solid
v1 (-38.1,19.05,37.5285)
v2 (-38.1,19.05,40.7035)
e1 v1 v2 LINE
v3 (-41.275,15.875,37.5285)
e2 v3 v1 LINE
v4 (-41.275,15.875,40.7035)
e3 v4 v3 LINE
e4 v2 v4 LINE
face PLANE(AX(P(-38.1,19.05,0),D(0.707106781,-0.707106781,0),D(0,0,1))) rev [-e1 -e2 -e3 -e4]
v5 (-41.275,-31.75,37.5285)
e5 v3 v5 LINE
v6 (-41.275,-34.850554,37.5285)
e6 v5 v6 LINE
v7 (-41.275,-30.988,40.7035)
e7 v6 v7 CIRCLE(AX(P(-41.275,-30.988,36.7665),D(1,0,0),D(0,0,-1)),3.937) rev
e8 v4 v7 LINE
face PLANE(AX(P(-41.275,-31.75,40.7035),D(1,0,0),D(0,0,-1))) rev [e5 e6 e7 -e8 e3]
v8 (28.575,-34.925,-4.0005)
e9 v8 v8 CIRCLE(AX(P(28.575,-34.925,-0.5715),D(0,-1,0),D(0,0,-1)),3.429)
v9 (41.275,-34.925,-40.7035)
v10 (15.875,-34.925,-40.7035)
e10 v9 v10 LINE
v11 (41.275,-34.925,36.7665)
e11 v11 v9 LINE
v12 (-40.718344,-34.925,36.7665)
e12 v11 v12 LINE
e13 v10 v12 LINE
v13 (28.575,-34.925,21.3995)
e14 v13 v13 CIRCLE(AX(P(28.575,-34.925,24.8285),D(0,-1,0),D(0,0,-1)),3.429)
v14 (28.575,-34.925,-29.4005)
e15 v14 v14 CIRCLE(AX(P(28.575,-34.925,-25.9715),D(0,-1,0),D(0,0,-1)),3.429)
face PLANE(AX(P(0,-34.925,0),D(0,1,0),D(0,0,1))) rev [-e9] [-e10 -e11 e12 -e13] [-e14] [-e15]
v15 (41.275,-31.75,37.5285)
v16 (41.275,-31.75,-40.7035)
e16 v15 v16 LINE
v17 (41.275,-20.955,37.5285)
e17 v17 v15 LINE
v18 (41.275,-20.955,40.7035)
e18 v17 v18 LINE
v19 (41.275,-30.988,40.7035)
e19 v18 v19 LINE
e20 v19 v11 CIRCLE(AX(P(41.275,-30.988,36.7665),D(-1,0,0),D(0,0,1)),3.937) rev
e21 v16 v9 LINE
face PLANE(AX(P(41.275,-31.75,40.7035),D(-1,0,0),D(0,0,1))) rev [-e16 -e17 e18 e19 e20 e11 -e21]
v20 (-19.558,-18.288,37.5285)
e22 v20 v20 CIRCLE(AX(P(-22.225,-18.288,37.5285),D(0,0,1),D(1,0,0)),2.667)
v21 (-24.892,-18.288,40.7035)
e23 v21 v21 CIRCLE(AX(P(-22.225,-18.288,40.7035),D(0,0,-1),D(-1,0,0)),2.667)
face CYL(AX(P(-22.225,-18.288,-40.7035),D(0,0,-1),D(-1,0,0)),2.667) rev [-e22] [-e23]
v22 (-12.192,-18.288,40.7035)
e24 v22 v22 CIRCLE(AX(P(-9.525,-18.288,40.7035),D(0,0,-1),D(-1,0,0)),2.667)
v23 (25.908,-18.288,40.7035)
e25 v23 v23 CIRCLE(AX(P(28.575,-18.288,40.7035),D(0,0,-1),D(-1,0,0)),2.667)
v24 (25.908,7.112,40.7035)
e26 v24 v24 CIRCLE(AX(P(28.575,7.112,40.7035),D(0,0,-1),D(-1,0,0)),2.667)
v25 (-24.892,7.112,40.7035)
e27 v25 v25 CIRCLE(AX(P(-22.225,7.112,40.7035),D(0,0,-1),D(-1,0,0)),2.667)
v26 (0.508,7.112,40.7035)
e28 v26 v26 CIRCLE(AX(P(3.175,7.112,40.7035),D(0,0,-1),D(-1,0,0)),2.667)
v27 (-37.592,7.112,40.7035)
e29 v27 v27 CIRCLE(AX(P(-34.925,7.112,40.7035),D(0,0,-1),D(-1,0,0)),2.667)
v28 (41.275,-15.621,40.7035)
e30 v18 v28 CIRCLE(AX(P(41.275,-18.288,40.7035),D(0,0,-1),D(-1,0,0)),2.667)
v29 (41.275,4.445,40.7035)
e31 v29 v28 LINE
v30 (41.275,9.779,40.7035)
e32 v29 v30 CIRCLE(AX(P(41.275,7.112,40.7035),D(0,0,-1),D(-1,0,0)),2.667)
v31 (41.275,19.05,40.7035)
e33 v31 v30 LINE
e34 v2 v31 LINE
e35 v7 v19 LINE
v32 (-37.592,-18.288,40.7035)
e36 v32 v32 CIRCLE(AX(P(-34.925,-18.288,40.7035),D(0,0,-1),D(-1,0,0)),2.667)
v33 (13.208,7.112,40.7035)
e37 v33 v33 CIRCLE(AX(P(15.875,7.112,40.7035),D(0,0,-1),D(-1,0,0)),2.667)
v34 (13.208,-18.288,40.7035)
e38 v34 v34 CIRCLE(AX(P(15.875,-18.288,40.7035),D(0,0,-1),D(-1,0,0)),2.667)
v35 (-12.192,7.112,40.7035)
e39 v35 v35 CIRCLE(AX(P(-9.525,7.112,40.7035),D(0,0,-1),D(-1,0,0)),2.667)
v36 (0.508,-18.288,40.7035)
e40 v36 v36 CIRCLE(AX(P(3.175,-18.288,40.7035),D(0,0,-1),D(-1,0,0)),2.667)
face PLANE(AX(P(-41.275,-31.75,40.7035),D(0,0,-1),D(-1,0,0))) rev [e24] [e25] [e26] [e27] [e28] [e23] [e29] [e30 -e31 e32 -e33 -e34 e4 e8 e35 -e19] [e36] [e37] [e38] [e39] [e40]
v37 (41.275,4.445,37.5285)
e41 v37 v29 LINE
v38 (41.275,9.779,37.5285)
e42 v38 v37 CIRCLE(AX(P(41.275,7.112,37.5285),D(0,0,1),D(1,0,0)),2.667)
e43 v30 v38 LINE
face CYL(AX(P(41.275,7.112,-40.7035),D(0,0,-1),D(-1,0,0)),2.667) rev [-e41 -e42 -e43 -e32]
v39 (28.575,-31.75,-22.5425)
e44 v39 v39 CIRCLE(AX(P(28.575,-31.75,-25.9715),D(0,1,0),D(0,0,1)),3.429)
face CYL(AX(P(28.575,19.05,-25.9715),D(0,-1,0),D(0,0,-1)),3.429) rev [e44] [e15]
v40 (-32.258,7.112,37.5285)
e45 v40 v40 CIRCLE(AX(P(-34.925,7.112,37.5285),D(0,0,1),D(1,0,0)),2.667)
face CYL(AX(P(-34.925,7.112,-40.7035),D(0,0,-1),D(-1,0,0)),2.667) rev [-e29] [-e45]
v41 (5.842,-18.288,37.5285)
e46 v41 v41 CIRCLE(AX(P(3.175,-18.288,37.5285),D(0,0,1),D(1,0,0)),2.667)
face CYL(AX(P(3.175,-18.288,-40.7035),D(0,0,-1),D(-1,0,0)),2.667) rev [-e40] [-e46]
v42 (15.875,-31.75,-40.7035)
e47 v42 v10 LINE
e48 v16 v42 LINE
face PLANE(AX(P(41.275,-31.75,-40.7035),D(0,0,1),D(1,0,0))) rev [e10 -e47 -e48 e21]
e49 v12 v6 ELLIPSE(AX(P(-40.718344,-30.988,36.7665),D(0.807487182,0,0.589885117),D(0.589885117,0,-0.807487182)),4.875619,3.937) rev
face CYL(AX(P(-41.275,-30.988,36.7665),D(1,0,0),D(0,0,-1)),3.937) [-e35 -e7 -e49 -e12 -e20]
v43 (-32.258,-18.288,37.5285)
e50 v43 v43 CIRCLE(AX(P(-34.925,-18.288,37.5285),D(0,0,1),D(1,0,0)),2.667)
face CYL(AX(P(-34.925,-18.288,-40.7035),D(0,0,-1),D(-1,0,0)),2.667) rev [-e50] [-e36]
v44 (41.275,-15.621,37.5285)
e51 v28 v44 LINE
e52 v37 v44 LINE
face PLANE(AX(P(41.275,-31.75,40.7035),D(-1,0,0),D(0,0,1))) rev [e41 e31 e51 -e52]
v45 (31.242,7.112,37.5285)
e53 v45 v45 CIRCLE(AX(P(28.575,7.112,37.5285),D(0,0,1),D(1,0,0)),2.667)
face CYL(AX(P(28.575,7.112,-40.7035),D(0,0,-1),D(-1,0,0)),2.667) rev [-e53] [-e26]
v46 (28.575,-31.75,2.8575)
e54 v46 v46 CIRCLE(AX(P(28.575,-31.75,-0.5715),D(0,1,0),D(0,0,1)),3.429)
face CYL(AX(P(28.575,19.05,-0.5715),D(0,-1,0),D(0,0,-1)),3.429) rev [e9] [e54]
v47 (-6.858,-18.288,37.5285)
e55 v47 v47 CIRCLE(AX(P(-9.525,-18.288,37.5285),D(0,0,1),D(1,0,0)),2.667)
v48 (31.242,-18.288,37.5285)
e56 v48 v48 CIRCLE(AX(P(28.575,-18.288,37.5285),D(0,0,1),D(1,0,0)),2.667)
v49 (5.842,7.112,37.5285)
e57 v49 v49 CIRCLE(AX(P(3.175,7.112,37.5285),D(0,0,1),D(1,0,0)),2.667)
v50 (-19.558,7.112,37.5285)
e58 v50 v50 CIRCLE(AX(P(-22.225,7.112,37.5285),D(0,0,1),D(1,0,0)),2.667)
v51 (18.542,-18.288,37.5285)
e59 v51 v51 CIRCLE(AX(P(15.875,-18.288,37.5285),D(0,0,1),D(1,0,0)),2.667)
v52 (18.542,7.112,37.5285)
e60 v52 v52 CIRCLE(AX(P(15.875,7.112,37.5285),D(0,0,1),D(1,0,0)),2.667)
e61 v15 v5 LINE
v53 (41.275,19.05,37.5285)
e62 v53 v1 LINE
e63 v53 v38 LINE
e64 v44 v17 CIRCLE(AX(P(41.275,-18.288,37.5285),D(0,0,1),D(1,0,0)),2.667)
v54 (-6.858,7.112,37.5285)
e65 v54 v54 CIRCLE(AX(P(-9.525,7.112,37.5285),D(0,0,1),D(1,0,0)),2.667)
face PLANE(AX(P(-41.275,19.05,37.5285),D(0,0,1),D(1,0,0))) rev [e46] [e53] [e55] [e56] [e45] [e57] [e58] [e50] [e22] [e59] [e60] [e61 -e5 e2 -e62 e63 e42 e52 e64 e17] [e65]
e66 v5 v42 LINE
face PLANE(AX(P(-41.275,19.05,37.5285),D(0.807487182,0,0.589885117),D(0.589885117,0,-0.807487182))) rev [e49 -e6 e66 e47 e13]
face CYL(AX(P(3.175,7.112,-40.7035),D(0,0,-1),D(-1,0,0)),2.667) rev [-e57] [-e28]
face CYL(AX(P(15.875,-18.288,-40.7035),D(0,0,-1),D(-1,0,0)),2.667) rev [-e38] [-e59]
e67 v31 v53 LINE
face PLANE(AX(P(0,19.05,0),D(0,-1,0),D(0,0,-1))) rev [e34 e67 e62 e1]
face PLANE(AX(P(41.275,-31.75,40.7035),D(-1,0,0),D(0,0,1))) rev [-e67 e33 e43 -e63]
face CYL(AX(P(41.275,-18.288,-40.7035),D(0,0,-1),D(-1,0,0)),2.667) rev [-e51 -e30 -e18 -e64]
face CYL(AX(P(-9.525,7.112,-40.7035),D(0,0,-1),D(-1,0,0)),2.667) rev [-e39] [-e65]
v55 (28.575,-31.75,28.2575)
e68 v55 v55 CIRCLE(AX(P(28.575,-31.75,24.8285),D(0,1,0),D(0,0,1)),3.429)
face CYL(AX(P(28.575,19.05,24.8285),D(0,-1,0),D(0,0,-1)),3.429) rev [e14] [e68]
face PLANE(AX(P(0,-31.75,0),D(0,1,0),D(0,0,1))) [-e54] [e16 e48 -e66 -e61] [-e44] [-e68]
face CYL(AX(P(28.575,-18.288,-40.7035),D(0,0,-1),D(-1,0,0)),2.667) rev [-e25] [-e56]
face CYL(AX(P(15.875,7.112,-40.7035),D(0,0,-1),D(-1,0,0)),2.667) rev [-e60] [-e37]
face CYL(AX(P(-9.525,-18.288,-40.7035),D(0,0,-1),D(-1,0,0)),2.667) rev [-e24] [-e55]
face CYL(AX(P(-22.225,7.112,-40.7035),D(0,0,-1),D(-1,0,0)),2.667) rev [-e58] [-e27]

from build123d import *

# Parameters (mm, degrees)
BOSS_EXTRUDE1_START    = -34.925
SKETCH1_W              = 82.55
SKETCH1_H              = 81.407
BOSS_EXTRUDE1_DEPTH    = 3.175
SKETCH3_W              = 82.55
SKETCH3_H              = 3.175
BOSS_EXTRUDE2_DEPTH    = 50.8
F_10_CLEARANCE_HOLE2_D = 5.334
CHAMFER1_SIZE          = 3.175
FILLET2_R              = 3.937
SKETCH9_R              = 3.429
CUT_EXTRUDE2_DEPTH     = 54.975


with BuildPart() as part:
    # Sketch1 → Boss-Extrude1 (new body)
    with BuildSketch(Plane(origin=(0, 0, 0), x_dir=(1, 0, 0), z_dir=(0, 1, 0)).offset(BOSS_EXTRUDE1_START)):
        Rectangle(SKETCH1_W, SKETCH1_H)
    extrude(amount=BOSS_EXTRUDE1_DEPTH)

    # Sketch3 → Boss-Extrude2 (add)
    with BuildSketch(Plane(origin=(0, -31.75, 0), x_dir=(1, 0, 0), z_dir=(0, 1, 0))):
        with Locations((0, -39.116)):
            Rectangle(SKETCH3_W, SKETCH3_H)
    extrude(amount=BOSS_EXTRUDE2_DEPTH)

    # #10 Clearance Hole2 (through all)
    with Locations(Plane(origin=(0, 0, -40.7035), x_dir=(-1, 0, 0), z_dir=(0, 0, -1))):
        with Locations((22.225, 7.112), (9.525, 7.112), (-3.175, 7.112), (-15.875, 7.112), (-28.575, 7.112), (22.225, -18.288), (9.525, -18.288), (-3.175, -18.288), (-15.875, -18.288), (-28.575, -18.288), (34.925, 7.112), (34.925, -18.288), (-41.275, 7.112), (-41.275, -18.288)):
            Hole(F_10_CLEARANCE_HOLE2_D / 2)

    # Chamfer1
    chamfer1_edges = [part.edges().sort_by_distance(p)[0] for p in [
        (-41.275, 19.05, 39.116),
    ]]
    chamfer(chamfer1_edges, length=CHAMFER1_SIZE)

    # Fillet2
    fillet2_edges = [part.edges().sort_by_distance(p)[0] for p in [
        (0, -34.925, 40.7035),
    ]]
    fillet(fillet2_edges, radius=FILLET2_R)

    # Sketch9 → Cut-Extrude2 (cut, through all)
    with BuildSketch(Plane.XZ.offset(34.925)):
        with Locations((28.575, 24.8285)):
            Circle(SKETCH9_R)
        with Locations((28.575, -0.5715)):
            Circle(SKETCH9_R)
        with Locations((28.575, -25.9715)):
            Circle(SKETCH9_R)
        Polygon((-41.275, 37.5285), (15.875, -40.7035), (-41.275, -40.7035), align=None)
    extrude(amount=-CUT_EXTRUDE2_DEPTH, mode=Mode.SUBTRACT)


solid = part.part
